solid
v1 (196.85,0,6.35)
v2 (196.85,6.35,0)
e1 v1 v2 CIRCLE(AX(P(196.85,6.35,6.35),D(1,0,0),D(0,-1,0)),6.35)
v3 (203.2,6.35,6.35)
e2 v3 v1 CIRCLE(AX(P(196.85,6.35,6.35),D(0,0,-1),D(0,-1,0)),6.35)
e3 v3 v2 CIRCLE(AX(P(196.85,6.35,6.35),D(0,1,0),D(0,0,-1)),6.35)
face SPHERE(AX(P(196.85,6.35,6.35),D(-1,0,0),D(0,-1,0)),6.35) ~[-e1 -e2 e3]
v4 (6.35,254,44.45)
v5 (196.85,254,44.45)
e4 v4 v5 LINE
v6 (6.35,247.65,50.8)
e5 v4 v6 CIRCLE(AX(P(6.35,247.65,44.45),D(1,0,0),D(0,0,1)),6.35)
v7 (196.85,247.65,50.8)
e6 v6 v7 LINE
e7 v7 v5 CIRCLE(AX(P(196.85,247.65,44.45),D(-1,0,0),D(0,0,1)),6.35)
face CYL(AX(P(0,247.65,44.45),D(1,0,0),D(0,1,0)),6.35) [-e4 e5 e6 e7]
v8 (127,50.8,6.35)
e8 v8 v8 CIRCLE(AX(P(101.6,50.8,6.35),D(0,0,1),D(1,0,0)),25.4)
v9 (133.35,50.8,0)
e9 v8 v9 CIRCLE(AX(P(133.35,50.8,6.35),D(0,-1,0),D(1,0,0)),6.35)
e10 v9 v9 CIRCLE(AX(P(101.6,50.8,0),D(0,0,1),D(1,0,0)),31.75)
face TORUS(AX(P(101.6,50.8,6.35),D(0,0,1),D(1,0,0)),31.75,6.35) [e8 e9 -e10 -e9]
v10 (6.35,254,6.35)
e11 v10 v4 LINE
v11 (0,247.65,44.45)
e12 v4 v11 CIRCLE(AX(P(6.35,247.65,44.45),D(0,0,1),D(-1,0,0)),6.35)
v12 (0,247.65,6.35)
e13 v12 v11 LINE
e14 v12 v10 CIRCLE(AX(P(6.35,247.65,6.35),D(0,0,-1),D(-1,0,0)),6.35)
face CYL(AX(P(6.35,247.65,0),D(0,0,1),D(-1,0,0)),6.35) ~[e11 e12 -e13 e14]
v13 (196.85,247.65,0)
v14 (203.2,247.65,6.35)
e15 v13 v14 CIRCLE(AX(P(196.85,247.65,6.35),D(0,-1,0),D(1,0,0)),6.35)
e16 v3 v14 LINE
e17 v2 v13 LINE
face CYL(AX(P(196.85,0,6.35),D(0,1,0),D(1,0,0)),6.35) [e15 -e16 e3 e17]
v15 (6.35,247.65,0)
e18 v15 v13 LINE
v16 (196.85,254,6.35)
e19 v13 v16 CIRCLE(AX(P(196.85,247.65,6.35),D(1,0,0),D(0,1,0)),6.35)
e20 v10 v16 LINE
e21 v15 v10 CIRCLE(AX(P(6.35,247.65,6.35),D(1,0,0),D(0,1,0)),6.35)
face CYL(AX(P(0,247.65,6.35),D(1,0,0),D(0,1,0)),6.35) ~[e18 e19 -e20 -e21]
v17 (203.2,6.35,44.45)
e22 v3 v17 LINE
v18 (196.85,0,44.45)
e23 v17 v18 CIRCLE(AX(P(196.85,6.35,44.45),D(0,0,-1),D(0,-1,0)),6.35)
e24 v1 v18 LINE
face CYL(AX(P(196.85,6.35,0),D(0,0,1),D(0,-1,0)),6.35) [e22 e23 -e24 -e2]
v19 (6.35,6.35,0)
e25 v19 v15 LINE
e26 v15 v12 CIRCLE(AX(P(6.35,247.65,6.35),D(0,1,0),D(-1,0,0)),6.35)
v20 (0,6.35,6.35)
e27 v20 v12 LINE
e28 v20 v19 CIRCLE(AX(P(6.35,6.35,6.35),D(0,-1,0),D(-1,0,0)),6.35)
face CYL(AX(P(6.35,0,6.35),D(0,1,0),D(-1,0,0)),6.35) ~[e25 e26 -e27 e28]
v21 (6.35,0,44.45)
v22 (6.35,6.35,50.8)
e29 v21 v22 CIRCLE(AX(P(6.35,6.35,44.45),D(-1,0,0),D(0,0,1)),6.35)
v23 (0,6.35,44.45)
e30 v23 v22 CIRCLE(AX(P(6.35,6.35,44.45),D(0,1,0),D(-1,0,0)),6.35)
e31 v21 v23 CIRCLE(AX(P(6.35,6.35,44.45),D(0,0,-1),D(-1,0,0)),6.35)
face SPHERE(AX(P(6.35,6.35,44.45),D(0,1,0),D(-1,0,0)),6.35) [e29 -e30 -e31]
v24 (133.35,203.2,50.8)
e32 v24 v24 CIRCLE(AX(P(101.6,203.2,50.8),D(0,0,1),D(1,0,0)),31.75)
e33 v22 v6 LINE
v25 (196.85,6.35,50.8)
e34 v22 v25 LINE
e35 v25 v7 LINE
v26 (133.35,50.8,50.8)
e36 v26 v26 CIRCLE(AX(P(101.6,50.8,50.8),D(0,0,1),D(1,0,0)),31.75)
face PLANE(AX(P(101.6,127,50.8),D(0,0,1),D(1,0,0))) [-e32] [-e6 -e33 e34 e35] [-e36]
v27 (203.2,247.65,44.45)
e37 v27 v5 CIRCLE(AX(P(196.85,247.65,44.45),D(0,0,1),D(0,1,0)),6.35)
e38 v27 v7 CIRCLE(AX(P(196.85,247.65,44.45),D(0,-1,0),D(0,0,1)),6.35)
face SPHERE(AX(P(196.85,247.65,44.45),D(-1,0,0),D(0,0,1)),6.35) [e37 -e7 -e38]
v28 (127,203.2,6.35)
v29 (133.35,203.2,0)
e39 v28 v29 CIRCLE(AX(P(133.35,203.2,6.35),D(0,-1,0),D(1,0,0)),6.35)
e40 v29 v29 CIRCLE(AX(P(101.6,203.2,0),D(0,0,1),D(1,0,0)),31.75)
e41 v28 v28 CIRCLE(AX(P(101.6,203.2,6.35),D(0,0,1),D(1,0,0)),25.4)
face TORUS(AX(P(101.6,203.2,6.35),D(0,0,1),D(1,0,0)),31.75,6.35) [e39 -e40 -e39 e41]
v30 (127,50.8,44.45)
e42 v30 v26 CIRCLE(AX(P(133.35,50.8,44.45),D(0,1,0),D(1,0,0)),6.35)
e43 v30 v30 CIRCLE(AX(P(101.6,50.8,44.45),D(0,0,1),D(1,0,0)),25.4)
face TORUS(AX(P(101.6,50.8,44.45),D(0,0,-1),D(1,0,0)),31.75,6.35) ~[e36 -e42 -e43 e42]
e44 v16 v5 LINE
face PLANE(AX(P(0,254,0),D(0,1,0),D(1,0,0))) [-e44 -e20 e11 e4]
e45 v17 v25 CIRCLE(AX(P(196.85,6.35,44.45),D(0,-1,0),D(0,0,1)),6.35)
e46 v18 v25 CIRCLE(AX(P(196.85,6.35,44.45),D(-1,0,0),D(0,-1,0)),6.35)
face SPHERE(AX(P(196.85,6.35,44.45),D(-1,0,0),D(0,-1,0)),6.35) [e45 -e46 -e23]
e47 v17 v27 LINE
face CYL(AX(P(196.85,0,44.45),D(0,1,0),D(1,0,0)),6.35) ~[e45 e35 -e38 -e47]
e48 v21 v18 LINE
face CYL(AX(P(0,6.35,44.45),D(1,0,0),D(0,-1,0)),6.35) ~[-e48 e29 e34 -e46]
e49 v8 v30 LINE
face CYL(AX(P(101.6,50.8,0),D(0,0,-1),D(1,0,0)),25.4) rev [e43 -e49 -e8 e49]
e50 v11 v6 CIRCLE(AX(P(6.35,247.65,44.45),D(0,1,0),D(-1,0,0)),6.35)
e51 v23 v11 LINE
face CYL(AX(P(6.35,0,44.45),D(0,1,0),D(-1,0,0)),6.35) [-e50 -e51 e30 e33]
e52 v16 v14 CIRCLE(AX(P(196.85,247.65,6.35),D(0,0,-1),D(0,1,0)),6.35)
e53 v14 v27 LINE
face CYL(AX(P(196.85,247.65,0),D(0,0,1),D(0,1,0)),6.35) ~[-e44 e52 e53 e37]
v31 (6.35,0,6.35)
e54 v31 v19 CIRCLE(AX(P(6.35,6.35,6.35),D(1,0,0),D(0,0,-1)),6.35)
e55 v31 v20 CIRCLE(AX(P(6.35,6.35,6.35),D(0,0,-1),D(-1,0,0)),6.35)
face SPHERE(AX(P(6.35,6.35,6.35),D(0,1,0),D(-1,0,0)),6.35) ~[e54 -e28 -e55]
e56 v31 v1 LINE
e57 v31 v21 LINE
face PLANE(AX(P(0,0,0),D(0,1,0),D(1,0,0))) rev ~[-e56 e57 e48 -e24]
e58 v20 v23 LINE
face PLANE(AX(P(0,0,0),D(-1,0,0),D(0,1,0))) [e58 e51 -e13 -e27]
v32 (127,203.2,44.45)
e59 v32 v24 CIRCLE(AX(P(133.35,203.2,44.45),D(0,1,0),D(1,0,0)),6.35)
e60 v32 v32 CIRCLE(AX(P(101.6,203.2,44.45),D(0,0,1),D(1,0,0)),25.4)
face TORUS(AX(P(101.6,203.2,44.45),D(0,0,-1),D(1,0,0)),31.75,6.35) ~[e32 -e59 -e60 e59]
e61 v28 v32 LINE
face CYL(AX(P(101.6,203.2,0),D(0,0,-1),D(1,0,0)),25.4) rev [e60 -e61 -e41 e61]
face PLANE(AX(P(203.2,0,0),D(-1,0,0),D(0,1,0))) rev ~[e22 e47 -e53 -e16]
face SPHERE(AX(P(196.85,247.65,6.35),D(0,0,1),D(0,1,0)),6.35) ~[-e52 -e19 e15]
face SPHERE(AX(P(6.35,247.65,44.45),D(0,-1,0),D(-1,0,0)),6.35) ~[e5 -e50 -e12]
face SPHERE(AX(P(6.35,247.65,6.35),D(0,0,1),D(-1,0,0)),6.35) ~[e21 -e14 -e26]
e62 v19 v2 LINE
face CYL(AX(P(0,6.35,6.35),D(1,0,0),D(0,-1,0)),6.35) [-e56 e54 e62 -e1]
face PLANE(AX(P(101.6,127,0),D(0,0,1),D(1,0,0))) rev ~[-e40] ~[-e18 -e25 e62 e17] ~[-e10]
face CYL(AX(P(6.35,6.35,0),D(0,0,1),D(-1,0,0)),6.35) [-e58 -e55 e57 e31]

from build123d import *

# Parameters (mm, degrees)
F0_W     = 203.2
F0_H     = 254
F0_R     = 25.4
F1_DEPTH = 50.8
F2_R     = 6.35


with BuildPart() as f1:
    # F0 (on Top) → F1 (new body)
    with BuildSketch(Plane.XY):
        with Locations((101.6, 127)):
            Rectangle(F0_W, F0_H)
        with Locations((101.6, 50.8)):
            Circle(F0_R, mode=Mode.SUBTRACT)
        with Locations((101.6, 203.2)):
            Circle(F0_R, mode=Mode.SUBTRACT)
    extrude(amount=F1_DEPTH)

    # F2
    f2_edges = [f1.edges().sort_by_distance(p)[0] for p in [
        (0, 127, 50.8),
        (0, 254, 25.4),
        (0, 127, 0),
        (0, 0, 25.4),
        (101.6, 0, 50.8),
        (101.6, 0, 0),
        (203.2, 0, 25.4),
        (76.2, 50.8, 50.8),
        (76.2, 50.8, 0),
        (76.2, 203.2, 50.8),
        (76.2, 203.2, 0),
        (101.6, 254, 50.8),
        (203.2, 127, 50.8),
        (203.2, 254, 25.4),
        (101.6, 254, 0),
        (203.2, 127, 0),
    ]]
    fillet(f2_edges, radius=F2_R)


solid = f1.part
